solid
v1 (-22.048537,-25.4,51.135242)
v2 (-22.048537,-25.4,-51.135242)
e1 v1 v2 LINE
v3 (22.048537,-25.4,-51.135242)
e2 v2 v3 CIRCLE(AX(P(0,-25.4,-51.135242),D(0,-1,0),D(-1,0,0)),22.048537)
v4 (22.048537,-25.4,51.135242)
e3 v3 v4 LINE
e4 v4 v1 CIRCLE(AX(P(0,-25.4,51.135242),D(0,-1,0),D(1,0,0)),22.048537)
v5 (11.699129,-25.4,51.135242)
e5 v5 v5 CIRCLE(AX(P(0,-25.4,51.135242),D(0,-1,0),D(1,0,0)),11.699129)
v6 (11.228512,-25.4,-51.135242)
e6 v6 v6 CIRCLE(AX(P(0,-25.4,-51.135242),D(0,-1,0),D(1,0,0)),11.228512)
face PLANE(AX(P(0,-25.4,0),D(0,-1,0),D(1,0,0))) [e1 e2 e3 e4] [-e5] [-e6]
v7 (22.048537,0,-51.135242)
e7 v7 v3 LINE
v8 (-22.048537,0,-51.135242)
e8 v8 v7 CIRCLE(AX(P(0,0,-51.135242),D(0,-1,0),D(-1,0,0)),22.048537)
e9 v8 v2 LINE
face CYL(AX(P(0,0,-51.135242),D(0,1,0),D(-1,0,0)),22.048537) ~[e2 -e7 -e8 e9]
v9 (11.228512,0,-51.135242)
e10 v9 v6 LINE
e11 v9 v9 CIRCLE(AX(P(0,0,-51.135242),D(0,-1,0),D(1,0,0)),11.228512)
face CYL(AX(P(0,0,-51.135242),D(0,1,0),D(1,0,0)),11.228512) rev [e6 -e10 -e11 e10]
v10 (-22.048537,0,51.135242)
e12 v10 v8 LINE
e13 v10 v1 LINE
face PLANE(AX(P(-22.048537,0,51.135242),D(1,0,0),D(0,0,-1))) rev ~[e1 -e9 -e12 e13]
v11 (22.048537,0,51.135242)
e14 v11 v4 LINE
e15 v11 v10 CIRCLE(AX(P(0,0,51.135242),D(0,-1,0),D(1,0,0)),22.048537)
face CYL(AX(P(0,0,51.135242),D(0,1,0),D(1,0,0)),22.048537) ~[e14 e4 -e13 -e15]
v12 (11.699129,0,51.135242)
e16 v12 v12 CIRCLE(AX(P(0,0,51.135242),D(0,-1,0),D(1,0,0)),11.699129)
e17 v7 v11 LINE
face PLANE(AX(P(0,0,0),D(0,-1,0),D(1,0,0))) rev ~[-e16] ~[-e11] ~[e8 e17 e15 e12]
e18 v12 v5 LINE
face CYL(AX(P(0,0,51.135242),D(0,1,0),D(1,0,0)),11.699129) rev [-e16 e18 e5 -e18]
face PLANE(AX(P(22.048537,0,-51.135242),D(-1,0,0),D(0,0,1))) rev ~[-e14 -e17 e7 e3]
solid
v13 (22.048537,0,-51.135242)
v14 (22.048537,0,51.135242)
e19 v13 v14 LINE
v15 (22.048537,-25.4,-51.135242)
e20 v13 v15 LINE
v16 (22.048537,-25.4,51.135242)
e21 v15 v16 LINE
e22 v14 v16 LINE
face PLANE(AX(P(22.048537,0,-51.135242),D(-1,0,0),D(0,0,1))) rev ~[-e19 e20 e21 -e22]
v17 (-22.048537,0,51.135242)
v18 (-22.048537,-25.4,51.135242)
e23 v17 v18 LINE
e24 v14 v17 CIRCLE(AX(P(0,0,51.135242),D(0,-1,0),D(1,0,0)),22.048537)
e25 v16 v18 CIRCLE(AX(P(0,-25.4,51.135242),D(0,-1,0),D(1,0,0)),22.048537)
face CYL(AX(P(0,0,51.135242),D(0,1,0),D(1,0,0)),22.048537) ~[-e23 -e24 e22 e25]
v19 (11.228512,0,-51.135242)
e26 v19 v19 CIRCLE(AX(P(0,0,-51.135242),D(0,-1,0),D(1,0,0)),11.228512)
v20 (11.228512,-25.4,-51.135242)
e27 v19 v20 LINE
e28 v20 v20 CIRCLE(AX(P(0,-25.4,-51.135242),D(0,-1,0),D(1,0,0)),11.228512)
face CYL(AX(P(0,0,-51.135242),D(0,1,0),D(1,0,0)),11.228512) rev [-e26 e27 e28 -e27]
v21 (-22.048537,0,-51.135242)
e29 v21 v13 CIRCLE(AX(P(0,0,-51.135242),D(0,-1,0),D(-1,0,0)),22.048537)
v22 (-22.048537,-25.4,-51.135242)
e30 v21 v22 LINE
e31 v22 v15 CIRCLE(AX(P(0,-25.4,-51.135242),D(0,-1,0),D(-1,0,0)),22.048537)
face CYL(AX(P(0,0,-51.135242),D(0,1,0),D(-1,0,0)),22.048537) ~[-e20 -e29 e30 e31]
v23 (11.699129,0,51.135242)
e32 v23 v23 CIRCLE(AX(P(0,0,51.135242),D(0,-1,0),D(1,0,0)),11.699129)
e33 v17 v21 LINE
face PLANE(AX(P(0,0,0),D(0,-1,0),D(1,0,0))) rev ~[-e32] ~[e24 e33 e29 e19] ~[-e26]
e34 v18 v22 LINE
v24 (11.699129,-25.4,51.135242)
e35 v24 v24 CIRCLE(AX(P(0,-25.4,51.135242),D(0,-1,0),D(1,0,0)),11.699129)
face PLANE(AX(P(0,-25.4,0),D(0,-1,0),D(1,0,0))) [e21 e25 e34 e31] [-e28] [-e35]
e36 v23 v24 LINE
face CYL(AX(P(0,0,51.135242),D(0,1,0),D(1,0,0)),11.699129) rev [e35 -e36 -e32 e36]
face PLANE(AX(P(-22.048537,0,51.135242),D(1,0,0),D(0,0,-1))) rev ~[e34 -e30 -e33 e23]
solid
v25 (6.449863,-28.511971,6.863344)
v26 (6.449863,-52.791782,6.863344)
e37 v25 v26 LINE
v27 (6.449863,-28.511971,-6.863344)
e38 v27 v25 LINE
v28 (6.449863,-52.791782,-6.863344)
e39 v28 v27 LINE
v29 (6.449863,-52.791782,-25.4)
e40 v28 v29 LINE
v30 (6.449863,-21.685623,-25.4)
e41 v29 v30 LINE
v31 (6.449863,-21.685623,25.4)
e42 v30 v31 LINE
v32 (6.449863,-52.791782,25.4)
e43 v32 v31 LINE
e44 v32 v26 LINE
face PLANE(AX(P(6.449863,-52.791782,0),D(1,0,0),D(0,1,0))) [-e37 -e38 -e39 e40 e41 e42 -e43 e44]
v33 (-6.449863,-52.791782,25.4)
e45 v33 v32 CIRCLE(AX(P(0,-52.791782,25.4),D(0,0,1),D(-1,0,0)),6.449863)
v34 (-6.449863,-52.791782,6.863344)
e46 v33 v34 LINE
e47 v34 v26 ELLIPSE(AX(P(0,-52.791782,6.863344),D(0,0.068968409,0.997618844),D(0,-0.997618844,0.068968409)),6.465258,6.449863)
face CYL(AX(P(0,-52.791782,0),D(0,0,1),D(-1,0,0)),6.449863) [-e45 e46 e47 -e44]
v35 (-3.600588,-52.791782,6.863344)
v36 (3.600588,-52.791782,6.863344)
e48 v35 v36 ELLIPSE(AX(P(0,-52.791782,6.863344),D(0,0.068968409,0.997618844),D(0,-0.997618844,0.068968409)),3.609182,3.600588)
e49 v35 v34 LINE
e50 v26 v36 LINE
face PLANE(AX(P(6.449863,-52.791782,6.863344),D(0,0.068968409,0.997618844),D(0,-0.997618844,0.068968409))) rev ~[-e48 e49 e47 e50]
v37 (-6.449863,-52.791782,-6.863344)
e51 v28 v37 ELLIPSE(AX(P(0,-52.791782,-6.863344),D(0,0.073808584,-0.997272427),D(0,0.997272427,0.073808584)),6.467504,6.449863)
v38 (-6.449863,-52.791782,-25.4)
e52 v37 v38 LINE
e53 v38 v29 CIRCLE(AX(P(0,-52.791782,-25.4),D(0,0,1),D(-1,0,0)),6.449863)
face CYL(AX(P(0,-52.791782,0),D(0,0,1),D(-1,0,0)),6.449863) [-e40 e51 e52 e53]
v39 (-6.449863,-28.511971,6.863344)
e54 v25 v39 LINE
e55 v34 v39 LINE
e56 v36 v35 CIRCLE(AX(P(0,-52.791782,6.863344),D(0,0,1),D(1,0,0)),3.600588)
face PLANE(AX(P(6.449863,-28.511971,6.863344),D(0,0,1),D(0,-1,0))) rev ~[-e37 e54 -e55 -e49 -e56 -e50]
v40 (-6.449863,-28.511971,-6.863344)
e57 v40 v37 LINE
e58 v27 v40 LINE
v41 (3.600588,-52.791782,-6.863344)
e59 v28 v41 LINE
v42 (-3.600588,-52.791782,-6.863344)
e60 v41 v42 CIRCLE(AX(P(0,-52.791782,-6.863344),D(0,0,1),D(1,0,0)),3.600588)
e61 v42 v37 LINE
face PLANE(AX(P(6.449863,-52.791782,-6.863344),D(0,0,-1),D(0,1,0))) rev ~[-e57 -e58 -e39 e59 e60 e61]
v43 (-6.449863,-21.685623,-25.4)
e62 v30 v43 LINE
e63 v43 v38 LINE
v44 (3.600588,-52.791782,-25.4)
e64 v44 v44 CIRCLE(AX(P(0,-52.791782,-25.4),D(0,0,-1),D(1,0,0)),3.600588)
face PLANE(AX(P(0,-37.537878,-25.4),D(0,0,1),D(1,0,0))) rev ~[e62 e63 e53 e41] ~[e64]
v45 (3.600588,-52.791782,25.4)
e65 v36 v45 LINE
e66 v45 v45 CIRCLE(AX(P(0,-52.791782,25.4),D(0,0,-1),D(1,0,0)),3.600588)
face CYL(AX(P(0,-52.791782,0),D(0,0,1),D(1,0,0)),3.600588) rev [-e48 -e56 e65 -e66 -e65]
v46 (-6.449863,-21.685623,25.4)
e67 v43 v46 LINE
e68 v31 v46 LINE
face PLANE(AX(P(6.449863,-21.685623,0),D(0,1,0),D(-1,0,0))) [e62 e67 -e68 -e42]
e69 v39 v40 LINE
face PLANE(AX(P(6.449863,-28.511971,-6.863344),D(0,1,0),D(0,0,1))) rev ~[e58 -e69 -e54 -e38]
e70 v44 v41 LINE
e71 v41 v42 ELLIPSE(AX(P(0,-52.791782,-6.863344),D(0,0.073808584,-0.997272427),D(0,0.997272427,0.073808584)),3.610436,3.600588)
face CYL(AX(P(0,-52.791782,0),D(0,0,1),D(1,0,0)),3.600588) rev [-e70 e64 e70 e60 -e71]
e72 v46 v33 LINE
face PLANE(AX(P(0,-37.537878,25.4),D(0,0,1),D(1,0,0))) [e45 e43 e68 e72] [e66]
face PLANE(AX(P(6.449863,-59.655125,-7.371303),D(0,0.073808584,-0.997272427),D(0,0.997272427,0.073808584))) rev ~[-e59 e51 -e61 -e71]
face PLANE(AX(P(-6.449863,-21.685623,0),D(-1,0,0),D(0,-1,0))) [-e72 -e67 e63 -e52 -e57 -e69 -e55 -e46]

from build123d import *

# Parameters (mm, degrees)
F0_R          = 11.2285119967
F0_R_2        = 11.6991288981
F2_DEPTH      = 25.4
F1_R          = 11.2285119967
F1_W          = 27.0559564233
F1_H          = 62.3726062477
F1_R_2        = 11.6991288981
F4_DEPTH      = 25.4
F4_DEPTH_BACK = 25.4
F6_DEPTH      = 25.4


with BuildPart() as f2:
    # F0 (on Front) → F2 (new body)
    with BuildSketch(Plane.XZ):
        with BuildLine():
            Line((22.0485366881, -51.1352419853), (22.0485366881, 51.1352419853))
            ThreePointArc((22.0485366881, 51.1352419853), (0, 73.1837786734), (-22.0485366881, 51.1352419853))
            Line((-22.0485366881, 51.1352419853), (-22.0485366881, -51.1352419853))
            ThreePointArc((-22.0485366881, -51.1352419853), (0, -73.1837786734), (22.0485366881, -51.1352419853))
        make_face()
        with Locations((0, -51.1352419853)):
            Circle(F0_R, mode=Mode.SUBTRACT)
        with Locations((0, 51.1352419853)):
            Circle(F0_R_2, mode=Mode.SUBTRACT)
    extrude(amount=F2_DEPTH)


with BuildPart() as f2b:
    # F1 (on face) → F2, piece 2 (new body)
    with BuildSketch(Plane.XZ):
        with BuildLine():
            ThreePointArc((-22.0485366881, -51.1352419853), (0, -73.1837786734), (22.0485366881, -51.1352419853))
            Line((22.0485366881, -51.1352419853), (22.0485366881, 51.1352419853))
            ThreePointArc((22.0485366881, 51.1352419853), (0, 73.1837786734), (-22.0485366881, 51.1352419853))
            Line((-22.0485366881, 51.1352419853), (-22.0485366881, -51.1352419853))
        make_face()
        with Locations((0, -51.1352419853)):
            Circle(F1_R, mode=Mode.SUBTRACT)
        Rectangle(F1_W, F1_H, mode=Mode.SUBTRACT)
        with Locations((0, 51.1352419853)):
            Circle(F1_R_2, mode=Mode.SUBTRACT)
        Rectangle(F1_W, F1_H)
    extrude(amount=F2_DEPTH)


with BuildPart() as f4:
    # F3 (on Top) → F4 (new body, two sides)
    with BuildSketch(Plane.XY) as f4_sk:
        with BuildLine():
            ThreePointArc((-6.4498633146, -52.7917817235), (0, -46.3419184089), (6.4498633146, -52.7917817235))
            Line((6.4498633146, -52.7917817235), (6.4498633146, -21.6856226325))
            Line((6.4498633146, -21.6856226325), (-6.4498633146, -21.6856226325))
            Line((-6.4498633146, -21.6856226325), (-6.4498633146, -52.7917817235))
        make_face()
        with BuildLine():
            Line((3.6005880685, -52.7917817235), (6.4498633146, -52.7917817235))
            ThreePointArc((6.4498633146, -52.7917817235), (0, -46.3419184089), (-6.4498633146, -52.7917817235))
            Line((-6.4498633146, -52.7917817235), (-3.6005880685, -52.7917817235))
            ThreePointArc((-3.6005880685, -52.7917817235), (0, -49.191193655), (3.6005880685, -52.7917817235))
        make_face()
        with BuildLine():
            ThreePointArc((-6.4498633146, -52.7917817235), (0, -59.2416450381), (6.4498633146, -52.7917817235))
            Line((6.4498633146, -52.7917817235), (3.6005880685, -52.7917817235))
            ThreePointArc((3.6005880685, -52.7917817235), (0, -56.392369792), (-3.6005880685, -52.7917817235))
            Line((-3.6005880685, -52.7917817235), (-6.4498633146, -52.7917817235))
        make_face()
    extrude(amount=F4_DEPTH)
    extrude(f4_sk.sketch, amount=-F4_DEPTH_BACK)

    # F5 (on face) → F6 (cut)
    with BuildSketch(Plane.YZ.offset(6.4498633146)):
        with BuildLine():
            ThreePointArc((-45.9284381941, 0), (-47.9386649722, 4.8531167513), (-52.7917817235, 6.8633435294))
            Line((-52.7917817235, 6.8633435294), (-52.7917817235, -6.8633435294))
            ThreePointArc((-52.7917817235, -6.8633435294), (-47.9386649722, -4.8531167513), (-45.9284381941, 0))
        make_face()
        with BuildLine():
            Line((-28.5119712353, 6.8633435294), (-52.7917817235, 6.8633435294))
            ThreePointArc((-52.7917817235, 6.8633435294), (-47.9386649722, 4.8531167513), (-45.9284381941, 0))
            ThreePointArc((-45.9284381941, 0), (-47.9386649722, -4.8531167513), (-52.7917817235, -6.8633435294))
            Line((-52.7917817235, -6.8633435294), (-28.5119712353, -6.8633435294))
            Line((-28.5119712353, -6.8633435294), (-28.5119712353, 6.8633435294))
        make_face()
        with BuildLine():
            Line((-52.7917817235, -6.8633435294), (-52.7917817235, 6.8633435294))
            ThreePointArc((-52.7917817235, 6.8633435294), (-57.6448984748, 4.8531167513), (-59.6551252529, 0))
            ThreePointArc((-59.6551252529, 0), (-57.6448984748, -4.8531167513), (-52.7917817235, -6.8633435294))
        make_face()
        with BuildLine():
            ThreePointArc((-59.6551252529, 0), (-57.6448984748, 4.8531167513), (-52.7917817235, 6.8633435294))
            Line((-52.7917817235, 6.8633435294), (-59.6551252529, 7.3378272355))
            Line((-59.6551252529, 7.3378272355), (-59.6551252529, 0))
        make_face()
        with BuildLine():
            Line((-59.6551252529, -7.3713026941), (-52.7917817235, -6.8633435294))
            ThreePointArc((-52.7917817235, -6.8633435294), (-57.6448984748, -4.8531167513), (-59.6551252529, 0))
            Line((-59.6551252529, 0), (-59.6551252529, -7.3713026941))
        make_face()
    extrude(amount=-F6_DEPTH, mode=Mode.SUBTRACT)


solid = Compound([f2.part, f2b.part, f4.part])
